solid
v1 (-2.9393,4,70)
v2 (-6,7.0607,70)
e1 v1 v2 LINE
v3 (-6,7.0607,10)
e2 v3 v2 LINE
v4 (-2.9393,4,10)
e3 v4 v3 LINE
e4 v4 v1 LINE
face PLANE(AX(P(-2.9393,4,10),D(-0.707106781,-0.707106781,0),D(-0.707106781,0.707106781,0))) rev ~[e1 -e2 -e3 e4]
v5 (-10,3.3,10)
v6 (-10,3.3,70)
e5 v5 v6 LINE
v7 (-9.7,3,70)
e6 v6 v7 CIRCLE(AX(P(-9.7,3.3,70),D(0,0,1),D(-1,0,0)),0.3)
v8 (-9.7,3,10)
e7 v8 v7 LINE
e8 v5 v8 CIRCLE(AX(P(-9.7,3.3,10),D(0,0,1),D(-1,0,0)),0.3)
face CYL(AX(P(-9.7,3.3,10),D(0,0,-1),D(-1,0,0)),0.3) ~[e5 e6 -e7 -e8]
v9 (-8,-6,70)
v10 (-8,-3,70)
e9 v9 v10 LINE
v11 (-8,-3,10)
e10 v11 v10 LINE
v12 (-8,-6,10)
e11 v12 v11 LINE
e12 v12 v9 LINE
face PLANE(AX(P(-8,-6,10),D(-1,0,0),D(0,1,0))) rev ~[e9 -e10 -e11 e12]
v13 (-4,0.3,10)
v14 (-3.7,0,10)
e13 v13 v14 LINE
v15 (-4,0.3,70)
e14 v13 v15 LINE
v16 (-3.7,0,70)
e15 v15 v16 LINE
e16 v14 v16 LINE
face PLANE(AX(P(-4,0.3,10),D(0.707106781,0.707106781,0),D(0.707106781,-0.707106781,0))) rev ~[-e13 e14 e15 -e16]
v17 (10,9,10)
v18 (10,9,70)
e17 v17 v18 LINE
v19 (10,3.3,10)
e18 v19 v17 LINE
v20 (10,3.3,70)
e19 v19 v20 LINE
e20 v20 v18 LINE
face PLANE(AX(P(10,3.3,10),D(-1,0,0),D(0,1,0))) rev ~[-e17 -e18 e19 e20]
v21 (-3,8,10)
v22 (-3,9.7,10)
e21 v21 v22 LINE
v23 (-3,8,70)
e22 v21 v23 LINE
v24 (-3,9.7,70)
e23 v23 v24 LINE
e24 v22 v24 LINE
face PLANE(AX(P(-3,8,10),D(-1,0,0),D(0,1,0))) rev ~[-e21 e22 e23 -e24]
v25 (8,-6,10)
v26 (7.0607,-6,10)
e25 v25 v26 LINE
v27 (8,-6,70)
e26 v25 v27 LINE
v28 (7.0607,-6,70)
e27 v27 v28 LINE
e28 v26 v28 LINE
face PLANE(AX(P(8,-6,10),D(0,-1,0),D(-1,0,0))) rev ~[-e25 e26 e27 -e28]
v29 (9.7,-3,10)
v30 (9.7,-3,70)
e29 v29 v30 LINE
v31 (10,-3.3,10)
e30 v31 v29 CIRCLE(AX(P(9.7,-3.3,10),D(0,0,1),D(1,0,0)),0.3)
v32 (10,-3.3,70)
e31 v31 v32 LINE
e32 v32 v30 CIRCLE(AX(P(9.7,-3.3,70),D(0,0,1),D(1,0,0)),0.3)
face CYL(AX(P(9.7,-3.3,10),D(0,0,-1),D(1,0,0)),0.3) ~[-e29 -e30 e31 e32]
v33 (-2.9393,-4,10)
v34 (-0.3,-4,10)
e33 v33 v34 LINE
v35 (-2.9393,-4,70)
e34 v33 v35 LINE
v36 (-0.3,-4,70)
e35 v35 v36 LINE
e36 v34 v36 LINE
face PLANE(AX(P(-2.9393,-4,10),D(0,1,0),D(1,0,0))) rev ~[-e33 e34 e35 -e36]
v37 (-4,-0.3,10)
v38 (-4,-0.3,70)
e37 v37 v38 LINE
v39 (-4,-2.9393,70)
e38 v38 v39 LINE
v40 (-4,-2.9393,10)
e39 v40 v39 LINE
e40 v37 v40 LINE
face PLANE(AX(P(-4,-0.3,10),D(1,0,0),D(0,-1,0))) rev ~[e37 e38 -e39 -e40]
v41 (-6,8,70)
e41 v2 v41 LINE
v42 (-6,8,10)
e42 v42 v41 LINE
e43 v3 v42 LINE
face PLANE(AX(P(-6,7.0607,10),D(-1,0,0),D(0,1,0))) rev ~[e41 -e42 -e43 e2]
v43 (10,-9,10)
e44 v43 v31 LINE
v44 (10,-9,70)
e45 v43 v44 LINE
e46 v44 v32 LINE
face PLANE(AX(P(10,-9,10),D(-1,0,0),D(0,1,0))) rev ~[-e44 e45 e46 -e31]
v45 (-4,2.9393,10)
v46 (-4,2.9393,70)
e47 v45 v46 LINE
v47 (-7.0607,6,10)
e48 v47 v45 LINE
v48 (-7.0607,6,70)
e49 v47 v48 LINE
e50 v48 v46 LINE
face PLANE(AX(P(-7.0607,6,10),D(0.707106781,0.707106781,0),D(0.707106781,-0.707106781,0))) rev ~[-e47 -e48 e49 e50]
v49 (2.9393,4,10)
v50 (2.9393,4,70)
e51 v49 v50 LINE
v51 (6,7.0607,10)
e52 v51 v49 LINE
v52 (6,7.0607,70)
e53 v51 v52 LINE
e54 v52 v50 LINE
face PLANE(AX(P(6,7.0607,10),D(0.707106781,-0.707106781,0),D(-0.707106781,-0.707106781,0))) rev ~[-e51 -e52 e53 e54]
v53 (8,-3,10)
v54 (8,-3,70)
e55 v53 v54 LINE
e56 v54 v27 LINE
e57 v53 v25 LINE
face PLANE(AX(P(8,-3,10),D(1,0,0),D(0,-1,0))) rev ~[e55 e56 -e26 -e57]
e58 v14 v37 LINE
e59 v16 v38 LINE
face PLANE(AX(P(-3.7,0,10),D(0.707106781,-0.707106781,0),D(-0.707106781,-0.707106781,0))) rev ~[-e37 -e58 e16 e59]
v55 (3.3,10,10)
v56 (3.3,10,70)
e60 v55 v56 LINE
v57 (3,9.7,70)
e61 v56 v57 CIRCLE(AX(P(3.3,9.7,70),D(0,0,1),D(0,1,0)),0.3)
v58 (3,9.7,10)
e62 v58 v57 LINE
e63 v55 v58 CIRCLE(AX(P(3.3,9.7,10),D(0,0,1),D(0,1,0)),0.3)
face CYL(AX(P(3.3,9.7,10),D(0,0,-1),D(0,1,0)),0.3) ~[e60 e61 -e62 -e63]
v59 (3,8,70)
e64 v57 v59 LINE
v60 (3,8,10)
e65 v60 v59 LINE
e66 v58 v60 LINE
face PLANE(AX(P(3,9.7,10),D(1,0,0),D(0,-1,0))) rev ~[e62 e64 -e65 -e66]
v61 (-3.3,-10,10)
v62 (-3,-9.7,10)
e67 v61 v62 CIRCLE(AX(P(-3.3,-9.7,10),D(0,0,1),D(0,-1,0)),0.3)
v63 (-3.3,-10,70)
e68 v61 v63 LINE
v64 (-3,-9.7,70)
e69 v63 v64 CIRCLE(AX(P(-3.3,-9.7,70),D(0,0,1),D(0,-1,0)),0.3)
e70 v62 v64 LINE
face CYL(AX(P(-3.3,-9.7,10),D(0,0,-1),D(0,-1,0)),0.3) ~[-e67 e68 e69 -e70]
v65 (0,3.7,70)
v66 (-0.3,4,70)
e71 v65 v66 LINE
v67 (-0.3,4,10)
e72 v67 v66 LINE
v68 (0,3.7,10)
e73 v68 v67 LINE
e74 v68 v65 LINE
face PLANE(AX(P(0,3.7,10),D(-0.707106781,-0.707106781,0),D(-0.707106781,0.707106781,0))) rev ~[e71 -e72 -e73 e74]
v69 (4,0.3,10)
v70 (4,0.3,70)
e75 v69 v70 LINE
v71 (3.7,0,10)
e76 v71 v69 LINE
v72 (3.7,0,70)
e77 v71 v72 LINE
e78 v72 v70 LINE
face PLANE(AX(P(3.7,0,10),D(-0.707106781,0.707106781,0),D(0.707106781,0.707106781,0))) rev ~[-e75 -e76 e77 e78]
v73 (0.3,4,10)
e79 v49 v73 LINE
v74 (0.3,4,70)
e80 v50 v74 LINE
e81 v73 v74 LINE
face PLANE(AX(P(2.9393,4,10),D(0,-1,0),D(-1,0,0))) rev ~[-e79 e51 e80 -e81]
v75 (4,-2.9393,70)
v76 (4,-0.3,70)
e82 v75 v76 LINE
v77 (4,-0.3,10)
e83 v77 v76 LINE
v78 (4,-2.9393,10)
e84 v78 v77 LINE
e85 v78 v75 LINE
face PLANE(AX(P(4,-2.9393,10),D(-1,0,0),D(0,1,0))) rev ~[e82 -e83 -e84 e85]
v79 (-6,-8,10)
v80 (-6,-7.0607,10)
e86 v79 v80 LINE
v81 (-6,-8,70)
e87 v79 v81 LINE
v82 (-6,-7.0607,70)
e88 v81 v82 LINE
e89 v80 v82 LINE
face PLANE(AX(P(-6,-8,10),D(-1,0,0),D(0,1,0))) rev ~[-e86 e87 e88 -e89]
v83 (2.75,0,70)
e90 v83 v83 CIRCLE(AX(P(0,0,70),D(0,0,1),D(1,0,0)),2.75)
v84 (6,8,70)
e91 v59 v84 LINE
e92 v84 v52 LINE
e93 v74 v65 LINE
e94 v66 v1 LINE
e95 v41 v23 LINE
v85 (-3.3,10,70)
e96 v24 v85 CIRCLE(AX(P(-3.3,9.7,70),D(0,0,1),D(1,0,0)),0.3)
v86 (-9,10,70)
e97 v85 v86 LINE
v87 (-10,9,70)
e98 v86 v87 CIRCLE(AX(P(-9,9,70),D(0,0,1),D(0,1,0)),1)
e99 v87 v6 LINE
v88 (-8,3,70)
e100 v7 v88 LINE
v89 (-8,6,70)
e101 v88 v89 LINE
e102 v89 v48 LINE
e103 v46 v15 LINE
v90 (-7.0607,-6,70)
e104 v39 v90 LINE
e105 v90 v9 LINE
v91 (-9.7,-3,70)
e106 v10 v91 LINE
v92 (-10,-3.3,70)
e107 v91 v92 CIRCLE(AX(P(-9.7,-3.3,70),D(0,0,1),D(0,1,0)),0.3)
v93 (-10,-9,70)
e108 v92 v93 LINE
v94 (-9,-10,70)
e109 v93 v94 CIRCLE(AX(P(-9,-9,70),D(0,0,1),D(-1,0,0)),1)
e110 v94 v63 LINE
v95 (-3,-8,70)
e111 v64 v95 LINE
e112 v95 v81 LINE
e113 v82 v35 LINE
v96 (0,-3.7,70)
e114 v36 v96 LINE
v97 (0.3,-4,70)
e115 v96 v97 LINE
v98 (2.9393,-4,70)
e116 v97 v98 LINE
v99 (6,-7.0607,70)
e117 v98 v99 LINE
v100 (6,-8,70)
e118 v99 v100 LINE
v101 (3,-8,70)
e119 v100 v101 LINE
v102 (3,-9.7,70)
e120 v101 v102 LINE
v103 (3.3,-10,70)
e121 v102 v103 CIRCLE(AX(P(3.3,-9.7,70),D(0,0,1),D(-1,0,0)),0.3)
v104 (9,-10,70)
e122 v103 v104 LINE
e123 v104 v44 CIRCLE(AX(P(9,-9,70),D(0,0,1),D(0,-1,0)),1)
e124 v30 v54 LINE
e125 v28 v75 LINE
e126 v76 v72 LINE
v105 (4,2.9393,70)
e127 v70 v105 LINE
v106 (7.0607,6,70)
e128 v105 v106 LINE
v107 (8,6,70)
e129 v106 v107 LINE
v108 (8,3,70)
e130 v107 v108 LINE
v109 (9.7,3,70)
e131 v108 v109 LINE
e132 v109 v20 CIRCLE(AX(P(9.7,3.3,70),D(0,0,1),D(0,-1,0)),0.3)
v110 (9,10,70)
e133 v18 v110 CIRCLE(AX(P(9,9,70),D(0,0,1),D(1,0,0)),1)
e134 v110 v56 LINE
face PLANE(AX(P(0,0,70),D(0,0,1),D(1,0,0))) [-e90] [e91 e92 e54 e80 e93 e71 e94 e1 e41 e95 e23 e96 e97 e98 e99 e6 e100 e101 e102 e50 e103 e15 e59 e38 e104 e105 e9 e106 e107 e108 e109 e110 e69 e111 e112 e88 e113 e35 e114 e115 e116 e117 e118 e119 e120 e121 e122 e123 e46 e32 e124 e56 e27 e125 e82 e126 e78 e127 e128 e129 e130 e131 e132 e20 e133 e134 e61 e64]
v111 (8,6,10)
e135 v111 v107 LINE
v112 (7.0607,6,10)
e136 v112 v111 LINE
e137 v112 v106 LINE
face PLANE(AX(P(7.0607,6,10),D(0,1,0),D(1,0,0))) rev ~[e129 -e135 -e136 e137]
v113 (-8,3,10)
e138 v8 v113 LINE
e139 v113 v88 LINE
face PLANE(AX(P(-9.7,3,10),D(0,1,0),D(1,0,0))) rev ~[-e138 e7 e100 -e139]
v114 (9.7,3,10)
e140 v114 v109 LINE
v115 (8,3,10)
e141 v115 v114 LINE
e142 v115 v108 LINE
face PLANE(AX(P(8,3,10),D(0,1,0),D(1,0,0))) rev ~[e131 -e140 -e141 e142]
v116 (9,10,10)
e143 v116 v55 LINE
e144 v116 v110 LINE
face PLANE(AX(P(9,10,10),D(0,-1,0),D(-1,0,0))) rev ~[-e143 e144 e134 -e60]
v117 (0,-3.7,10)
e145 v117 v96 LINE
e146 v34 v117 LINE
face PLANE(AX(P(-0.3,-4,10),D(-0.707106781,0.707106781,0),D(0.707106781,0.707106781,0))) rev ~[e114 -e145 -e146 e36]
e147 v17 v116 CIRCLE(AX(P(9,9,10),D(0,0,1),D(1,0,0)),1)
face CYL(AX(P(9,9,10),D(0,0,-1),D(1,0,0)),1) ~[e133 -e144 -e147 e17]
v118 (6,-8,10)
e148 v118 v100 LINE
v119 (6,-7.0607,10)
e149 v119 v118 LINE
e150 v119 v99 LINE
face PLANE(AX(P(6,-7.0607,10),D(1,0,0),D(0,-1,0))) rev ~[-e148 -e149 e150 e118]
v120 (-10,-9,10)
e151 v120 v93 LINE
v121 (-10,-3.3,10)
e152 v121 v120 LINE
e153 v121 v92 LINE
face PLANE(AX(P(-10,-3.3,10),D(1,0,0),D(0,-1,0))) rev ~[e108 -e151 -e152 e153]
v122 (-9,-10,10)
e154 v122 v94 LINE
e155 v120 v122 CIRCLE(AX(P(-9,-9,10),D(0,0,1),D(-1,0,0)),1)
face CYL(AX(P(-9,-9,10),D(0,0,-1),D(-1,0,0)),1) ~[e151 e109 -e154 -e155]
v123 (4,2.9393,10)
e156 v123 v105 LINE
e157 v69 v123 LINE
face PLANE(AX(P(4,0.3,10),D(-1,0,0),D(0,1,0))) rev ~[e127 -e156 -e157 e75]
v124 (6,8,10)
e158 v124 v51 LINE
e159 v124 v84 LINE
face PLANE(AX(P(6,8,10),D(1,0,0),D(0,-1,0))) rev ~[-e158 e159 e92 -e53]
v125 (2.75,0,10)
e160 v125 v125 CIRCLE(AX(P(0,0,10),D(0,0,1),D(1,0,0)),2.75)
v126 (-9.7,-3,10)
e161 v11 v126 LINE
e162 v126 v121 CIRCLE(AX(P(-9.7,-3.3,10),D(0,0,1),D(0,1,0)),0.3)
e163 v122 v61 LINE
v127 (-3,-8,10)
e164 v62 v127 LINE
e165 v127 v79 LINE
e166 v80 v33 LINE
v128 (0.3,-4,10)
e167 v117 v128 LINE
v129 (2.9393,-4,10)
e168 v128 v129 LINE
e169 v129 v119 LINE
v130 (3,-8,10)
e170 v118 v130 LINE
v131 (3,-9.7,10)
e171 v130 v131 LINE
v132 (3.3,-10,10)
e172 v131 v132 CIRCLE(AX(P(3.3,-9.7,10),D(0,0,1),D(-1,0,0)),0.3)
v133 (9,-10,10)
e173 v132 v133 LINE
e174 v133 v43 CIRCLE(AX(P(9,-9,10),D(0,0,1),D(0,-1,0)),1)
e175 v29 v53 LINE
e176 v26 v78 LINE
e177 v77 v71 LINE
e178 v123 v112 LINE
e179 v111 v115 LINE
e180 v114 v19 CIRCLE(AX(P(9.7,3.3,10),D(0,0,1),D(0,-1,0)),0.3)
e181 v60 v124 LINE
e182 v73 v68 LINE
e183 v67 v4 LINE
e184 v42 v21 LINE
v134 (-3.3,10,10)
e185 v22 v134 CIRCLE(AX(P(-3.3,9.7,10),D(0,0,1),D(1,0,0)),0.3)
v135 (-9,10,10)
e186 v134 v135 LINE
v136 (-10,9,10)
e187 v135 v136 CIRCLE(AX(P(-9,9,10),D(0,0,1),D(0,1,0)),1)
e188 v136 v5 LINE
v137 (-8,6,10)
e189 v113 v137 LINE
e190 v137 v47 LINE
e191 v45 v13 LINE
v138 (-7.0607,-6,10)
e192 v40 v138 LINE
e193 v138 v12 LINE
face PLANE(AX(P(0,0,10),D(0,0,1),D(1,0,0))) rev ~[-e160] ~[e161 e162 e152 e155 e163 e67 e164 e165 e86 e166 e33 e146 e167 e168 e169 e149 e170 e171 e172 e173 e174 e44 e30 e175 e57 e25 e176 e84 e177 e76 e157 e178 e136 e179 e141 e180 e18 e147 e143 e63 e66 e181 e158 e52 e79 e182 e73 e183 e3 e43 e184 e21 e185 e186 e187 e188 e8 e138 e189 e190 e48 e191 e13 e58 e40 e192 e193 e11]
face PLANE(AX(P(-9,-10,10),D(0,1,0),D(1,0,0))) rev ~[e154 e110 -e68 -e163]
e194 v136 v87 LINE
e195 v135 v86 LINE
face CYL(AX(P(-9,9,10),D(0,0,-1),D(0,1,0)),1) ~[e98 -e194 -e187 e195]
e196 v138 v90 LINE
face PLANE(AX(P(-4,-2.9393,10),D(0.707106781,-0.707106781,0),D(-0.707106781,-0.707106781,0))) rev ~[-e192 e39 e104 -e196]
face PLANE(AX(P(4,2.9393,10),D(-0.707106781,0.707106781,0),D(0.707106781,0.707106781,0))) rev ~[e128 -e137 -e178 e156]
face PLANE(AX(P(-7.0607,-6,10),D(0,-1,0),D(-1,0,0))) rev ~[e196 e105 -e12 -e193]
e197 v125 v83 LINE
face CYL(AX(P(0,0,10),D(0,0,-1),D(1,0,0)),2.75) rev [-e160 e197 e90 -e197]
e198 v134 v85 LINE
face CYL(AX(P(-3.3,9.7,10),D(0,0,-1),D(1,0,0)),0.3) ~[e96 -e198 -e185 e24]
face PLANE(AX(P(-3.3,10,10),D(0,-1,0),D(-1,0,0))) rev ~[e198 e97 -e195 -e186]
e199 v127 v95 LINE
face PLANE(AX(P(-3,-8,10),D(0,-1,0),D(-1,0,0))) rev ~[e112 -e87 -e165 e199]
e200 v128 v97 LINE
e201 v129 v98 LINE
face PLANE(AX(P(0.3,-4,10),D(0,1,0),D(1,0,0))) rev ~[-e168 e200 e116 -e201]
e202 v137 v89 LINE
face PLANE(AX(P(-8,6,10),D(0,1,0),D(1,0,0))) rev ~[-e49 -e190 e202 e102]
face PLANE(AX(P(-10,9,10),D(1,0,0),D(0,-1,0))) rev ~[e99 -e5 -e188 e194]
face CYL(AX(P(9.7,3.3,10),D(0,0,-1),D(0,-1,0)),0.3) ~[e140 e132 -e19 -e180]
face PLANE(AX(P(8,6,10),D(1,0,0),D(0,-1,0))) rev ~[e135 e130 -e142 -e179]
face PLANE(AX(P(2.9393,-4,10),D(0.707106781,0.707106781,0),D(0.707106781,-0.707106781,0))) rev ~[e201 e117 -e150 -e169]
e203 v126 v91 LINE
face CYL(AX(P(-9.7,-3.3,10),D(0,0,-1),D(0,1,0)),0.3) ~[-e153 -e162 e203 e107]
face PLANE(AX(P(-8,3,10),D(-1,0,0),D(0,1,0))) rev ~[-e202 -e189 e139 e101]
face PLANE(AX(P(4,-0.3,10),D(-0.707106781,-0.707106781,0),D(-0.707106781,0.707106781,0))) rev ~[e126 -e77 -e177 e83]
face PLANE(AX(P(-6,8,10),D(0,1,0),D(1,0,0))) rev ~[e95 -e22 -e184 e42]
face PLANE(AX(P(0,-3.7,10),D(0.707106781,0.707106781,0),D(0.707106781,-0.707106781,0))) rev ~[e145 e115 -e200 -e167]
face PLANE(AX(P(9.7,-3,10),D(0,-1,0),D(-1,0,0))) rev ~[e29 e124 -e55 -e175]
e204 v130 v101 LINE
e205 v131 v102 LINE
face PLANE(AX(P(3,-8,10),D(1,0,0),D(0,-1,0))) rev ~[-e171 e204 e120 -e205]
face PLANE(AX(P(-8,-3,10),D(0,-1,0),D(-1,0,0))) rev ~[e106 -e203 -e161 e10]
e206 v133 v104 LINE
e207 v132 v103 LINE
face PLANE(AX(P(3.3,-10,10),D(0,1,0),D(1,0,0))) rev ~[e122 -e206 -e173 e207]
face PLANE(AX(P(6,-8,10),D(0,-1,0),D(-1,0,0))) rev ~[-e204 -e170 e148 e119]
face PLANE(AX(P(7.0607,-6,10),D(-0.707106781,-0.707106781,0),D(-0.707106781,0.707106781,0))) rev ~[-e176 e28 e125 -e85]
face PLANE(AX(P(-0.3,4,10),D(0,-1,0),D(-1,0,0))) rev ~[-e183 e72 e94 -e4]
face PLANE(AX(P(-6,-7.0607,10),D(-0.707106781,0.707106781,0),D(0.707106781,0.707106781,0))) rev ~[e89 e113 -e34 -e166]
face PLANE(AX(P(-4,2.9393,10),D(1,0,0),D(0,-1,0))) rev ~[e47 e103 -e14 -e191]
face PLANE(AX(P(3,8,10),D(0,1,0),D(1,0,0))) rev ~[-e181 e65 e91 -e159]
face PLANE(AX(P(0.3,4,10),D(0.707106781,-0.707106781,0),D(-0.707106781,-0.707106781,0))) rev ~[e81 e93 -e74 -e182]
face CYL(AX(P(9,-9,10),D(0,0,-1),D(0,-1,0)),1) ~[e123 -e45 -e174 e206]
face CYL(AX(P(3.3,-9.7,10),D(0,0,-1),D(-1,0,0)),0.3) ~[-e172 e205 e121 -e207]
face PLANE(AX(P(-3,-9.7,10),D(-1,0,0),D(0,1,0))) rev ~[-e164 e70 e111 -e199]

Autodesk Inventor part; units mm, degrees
ref_plane "Startebene" through (0, 0, 0) normal (0, 0, 1) x (1, 0, 0)
ref_plane "Endebene" through (0, 0, 320) normal (0, 0, 1) x (1, 0, 0)
ref_plane "Startebene1" through (0, 0, 0) normal (0, 0, 1) x (1, 0, 0)
ref_plane "Endebene1" through (0, 0, 80) normal (0, 0, 1) x (1, 0, 0)
ref_plane "Startebene2" through (0, 0, 10) normal (0, 0, 1) x (1, 0, 0)
ref_plane "Endebene2" through (0, 0, 70) normal (0, 0, 1) x (1, 0, 0)
sketch "Skizze" plane through (0, 0, 0) normal (0, 0, 1) x (1, 0, 0)
  line L0 (-10, 9) -> (-10, 3.3)
  arc A0 (-10, 3.3) -> (-9.7, 3) centre (-9.7, 3.3) ccw
  line L1 (-9.7, 3) -> (-8, 3)
  line L2 (-8, 3) -> (-8, 6)
  line L3 (-8, 6) -> (-7.0607, 6)
  line L4 (-7.0607, 6) -> (-4, 2.9393)
  line L5 (-4, 2.9393) -> (-4, 0.3)
  line L6 (-4, 0.3) -> (-3.7, 0)
  line L7 (-3.7, 0) -> (-4, -0.3)
  line L8 (-4, -0.3) -> (-4, -2.9393)
  line L9 (-4, -2.9393) -> (-7.0607, -6)
  line L10 (-7.0607, -6) -> (-8, -6)
  line L11 (-8, -6) -> (-8, -3)
  line L12 (-8, -3) -> (-9.7, -3)
  arc A1 (-9.7, -3) -> (-10, -3.3) centre (-9.7, -3.3) ccw
  line L13 (-10, -3.3) -> (-10, -9)
  arc A2 (-10, -9) -> (-9, -10) centre (-9, -9) ccw
  line L14 (-9, -10) -> (-3.3, -10)
  arc A3 (-3.3, -10) -> (-3, -9.7) centre (-3.3, -9.7) ccw
  line L15 (-3, -9.7) -> (-3, -8)
  line L16 (-3, -8) -> (-6, -8)
  line L17 (-6, -8) -> (-6, -7.0607)
  line L18 (-6, -7.0607) -> (-2.9393, -4)
  line L19 (-2.9393, -4) -> (-0.3, -4)
  line L20 (-0.3, -4) -> (0, -3.7)
  line L21 (0, -3.7) -> (0.3, -4)
  line L22 (0.3, -4) -> (2.9393, -4)
  line L23 (2.9393, -4) -> (6, -7.0607)
  line L24 (6, -7.0607) -> (6, -8)
  line L25 (6, -8) -> (3, -8)
  line L26 (3, -8) -> (3, -9.7)
  arc A4 (3, -9.7) -> (3.3, -10) centre (3.3, -9.7) ccw
  line L27 (3.3, -10) -> (9, -10)
  arc A5 (9, -10) -> (10, -9) centre (9, -9) ccw
  line L28 (10, -9) -> (10, -3.3)
  arc A6 (10, -3.3) -> (9.7, -3) centre (9.7, -3.3) ccw
  line L29 (9.7, -3) -> (8, -3)
  line L30 (8, -3) -> (8, -6)
  line L31 (8, -6) -> (7.0607, -6)
  line L32 (7.0607, -6) -> (4, -2.9393)
  line L33 (4, -2.9393) -> (4, -0.3)
  line L34 (4, -0.3) -> (3.7, 0)
  line L35 (3.7, 0) -> (4, 0.3)
  line L36 (4, 0.3) -> (4, 2.9393)
  line L37 (4, 2.9393) -> (7.0607, 6)
  line L38 (7.0607, 6) -> (8, 6)
  line L39 (8, 6) -> (8, 3)
  line L40 (8, 3) -> (9.7, 3)
  arc A7 (9.7, 3) -> (10, 3.3) centre (9.7, 3.3) ccw
  line L41 (10, 3.3) -> (10, 9)
  arc A8 (10, 9) -> (9, 10) centre (9, 9) ccw
  line L42 (9, 10) -> (3.3, 10)
  arc A9 (3.3, 10) -> (3, 9.7) centre (3.3, 9.7) ccw
  line L43 (3, 9.7) -> (3, 8)
  line L44 (3, 8) -> (6, 8)
  line L45 (6, 8) -> (6, 7.0607)
  line L46 (6, 7.0607) -> (2.9393, 4)
  line L47 (2.9393, 4) -> (0.3, 4)
  line L48 (0.3, 4) -> (0, 3.7)
  line L49 (0, 3.7) -> (-0.3, 4)
  line L50 (-0.3, 4) -> (-2.9393, 4)
  line L51 (-2.9393, 4) -> (-6, 7.0607)
  line L52 (-6, 7.0607) -> (-6, 8)
  line L53 (-6, 8) -> (-3, 8)
  line L54 (-3, 8) -> (-3, 9.7)
  arc A10 (-3, 9.7) -> (-3.3, 10) centre (-3.3, 9.7) ccw
  line L55 (-3.3, 10) -> (-9, 10)
  arc A11 (-9, 10) -> (-10, 9) centre (-9, 9) ccw
  circle A12 centre (0, 0) radius 2.75
  dimension "d2" = 5.5
  dimension "d3" = 10
  dimension "d4" = 10
  dimension "d5" = 5.7
  dimension "d6" = 5.7
  dimension "d7" = 1.7
  dimension "d8" = 3
  dimension "d9" = 0.3
  dimension "d10" = 90
  dimension "d11" = 45
  dimension "d12" = 45
  dimension "d13" = 45
  dimension "d14" = 90
  dimension "d15" = 90
  dimension "d16" = 45
  dimension "d17" = 45
  dimension "d18" = 45
  dimension "d19" = 45
  dimension "d20" = 90
  dimension "d21" = 90
  dimension "d22" = 45
  dimension "d23" = 45
  dimension "d24" = 90
  dimension "d25" = 90
  dimension "d26" = 90
  dimension "d27" = 90
  dimension "d28" = 90
  dimension "d29" = 90
  dimension "d30" = 90
  dimension "d31" = 90
  dimension "d32" = 90
  dimension "d33" = 90
  dimension "d34" = 90
  dimension "d35" = 90
  dimension "d36" = 90
  dimension "d37" = 90
  dimension "d38" = 90
  dimension "d39" = 4
  dimension "d40" = 6
  dimension "d41" = 13
  dimension "d42" = 14
  dimension "d43" = 16
  dimension "d44" = 18
  dimension "d45" = 3
  dimension "d46" = 9
  dimension "d47" = 7
  dimension "d48" = 1
  dimension "d49" = 7
  dimension "d50" = 1.5
  dimension "d51" = 1.8663
  dimension "d52" = 3.3663
  dimension "d53" = 1.5
  dimension "d54" = 1.8663
  dimension "d55" = 3.3663
  dimension "d56" = 4
  dimension "d57" = 10.8187
  dimension "d58" = 1.9092
  dimension "d59" = 5
  dimension "d60" = 13
  dimension "d61" = 13
  dimension "d62" = 16.0513
  dimension "d63" = 3.3234
  dimension "d64" = 14
  dimension "d65" = 12.685
extrude "Körper" add sketch "Skizze" along normal up to surface (60 mm away) from surface at 10
sketch "Skizze13" plane through (0, 0, 0) normal (0, 0, 1) x (1, 0, 0)
  line L0 (0, 0) -> (10, 0)
ref_plane "Arbeitsebene12" through (0, 0, 0) normal (0, -1, 0) x (1, 0, 0)
sketch "Skizze14" plane through (0, 0, 0) normal (0, -1, 0) x (1, 0, 0)
  line L0 (-2, 10) -> (12, 10)
  line L1 (-2, 70) -> (12, 70)
  dimension "d80" = 60
ref_plane "Arbeitsebene13" through (-3.3, 0, 10) normal (0, 0, -1) x (-1, 0, 0)
split "Trennen1" plane through (-3.3, 0, 10) removes the side toward (0, 0, -1)
ref_plane "Arbeitsebene14" through (0, 3.3, 70) normal (0, 0, 1) x (1, 0, 0)
split "Trennen2" plane through (0, 3.3, 70) removes the side toward (0, 0, 1)
equation "\"G_OFFSET_START\" = 0"
equation "\"G_OFFSET_END\" = 0"
equation "\"G_L\" = d80"
equation "\"G_OFFSET_START1\" = 0"
equation "\"G_OFFSET_END1\" = 0"
properties part number "Alu Profil 20x20 - AP2020" material "Aluminium 6061"
